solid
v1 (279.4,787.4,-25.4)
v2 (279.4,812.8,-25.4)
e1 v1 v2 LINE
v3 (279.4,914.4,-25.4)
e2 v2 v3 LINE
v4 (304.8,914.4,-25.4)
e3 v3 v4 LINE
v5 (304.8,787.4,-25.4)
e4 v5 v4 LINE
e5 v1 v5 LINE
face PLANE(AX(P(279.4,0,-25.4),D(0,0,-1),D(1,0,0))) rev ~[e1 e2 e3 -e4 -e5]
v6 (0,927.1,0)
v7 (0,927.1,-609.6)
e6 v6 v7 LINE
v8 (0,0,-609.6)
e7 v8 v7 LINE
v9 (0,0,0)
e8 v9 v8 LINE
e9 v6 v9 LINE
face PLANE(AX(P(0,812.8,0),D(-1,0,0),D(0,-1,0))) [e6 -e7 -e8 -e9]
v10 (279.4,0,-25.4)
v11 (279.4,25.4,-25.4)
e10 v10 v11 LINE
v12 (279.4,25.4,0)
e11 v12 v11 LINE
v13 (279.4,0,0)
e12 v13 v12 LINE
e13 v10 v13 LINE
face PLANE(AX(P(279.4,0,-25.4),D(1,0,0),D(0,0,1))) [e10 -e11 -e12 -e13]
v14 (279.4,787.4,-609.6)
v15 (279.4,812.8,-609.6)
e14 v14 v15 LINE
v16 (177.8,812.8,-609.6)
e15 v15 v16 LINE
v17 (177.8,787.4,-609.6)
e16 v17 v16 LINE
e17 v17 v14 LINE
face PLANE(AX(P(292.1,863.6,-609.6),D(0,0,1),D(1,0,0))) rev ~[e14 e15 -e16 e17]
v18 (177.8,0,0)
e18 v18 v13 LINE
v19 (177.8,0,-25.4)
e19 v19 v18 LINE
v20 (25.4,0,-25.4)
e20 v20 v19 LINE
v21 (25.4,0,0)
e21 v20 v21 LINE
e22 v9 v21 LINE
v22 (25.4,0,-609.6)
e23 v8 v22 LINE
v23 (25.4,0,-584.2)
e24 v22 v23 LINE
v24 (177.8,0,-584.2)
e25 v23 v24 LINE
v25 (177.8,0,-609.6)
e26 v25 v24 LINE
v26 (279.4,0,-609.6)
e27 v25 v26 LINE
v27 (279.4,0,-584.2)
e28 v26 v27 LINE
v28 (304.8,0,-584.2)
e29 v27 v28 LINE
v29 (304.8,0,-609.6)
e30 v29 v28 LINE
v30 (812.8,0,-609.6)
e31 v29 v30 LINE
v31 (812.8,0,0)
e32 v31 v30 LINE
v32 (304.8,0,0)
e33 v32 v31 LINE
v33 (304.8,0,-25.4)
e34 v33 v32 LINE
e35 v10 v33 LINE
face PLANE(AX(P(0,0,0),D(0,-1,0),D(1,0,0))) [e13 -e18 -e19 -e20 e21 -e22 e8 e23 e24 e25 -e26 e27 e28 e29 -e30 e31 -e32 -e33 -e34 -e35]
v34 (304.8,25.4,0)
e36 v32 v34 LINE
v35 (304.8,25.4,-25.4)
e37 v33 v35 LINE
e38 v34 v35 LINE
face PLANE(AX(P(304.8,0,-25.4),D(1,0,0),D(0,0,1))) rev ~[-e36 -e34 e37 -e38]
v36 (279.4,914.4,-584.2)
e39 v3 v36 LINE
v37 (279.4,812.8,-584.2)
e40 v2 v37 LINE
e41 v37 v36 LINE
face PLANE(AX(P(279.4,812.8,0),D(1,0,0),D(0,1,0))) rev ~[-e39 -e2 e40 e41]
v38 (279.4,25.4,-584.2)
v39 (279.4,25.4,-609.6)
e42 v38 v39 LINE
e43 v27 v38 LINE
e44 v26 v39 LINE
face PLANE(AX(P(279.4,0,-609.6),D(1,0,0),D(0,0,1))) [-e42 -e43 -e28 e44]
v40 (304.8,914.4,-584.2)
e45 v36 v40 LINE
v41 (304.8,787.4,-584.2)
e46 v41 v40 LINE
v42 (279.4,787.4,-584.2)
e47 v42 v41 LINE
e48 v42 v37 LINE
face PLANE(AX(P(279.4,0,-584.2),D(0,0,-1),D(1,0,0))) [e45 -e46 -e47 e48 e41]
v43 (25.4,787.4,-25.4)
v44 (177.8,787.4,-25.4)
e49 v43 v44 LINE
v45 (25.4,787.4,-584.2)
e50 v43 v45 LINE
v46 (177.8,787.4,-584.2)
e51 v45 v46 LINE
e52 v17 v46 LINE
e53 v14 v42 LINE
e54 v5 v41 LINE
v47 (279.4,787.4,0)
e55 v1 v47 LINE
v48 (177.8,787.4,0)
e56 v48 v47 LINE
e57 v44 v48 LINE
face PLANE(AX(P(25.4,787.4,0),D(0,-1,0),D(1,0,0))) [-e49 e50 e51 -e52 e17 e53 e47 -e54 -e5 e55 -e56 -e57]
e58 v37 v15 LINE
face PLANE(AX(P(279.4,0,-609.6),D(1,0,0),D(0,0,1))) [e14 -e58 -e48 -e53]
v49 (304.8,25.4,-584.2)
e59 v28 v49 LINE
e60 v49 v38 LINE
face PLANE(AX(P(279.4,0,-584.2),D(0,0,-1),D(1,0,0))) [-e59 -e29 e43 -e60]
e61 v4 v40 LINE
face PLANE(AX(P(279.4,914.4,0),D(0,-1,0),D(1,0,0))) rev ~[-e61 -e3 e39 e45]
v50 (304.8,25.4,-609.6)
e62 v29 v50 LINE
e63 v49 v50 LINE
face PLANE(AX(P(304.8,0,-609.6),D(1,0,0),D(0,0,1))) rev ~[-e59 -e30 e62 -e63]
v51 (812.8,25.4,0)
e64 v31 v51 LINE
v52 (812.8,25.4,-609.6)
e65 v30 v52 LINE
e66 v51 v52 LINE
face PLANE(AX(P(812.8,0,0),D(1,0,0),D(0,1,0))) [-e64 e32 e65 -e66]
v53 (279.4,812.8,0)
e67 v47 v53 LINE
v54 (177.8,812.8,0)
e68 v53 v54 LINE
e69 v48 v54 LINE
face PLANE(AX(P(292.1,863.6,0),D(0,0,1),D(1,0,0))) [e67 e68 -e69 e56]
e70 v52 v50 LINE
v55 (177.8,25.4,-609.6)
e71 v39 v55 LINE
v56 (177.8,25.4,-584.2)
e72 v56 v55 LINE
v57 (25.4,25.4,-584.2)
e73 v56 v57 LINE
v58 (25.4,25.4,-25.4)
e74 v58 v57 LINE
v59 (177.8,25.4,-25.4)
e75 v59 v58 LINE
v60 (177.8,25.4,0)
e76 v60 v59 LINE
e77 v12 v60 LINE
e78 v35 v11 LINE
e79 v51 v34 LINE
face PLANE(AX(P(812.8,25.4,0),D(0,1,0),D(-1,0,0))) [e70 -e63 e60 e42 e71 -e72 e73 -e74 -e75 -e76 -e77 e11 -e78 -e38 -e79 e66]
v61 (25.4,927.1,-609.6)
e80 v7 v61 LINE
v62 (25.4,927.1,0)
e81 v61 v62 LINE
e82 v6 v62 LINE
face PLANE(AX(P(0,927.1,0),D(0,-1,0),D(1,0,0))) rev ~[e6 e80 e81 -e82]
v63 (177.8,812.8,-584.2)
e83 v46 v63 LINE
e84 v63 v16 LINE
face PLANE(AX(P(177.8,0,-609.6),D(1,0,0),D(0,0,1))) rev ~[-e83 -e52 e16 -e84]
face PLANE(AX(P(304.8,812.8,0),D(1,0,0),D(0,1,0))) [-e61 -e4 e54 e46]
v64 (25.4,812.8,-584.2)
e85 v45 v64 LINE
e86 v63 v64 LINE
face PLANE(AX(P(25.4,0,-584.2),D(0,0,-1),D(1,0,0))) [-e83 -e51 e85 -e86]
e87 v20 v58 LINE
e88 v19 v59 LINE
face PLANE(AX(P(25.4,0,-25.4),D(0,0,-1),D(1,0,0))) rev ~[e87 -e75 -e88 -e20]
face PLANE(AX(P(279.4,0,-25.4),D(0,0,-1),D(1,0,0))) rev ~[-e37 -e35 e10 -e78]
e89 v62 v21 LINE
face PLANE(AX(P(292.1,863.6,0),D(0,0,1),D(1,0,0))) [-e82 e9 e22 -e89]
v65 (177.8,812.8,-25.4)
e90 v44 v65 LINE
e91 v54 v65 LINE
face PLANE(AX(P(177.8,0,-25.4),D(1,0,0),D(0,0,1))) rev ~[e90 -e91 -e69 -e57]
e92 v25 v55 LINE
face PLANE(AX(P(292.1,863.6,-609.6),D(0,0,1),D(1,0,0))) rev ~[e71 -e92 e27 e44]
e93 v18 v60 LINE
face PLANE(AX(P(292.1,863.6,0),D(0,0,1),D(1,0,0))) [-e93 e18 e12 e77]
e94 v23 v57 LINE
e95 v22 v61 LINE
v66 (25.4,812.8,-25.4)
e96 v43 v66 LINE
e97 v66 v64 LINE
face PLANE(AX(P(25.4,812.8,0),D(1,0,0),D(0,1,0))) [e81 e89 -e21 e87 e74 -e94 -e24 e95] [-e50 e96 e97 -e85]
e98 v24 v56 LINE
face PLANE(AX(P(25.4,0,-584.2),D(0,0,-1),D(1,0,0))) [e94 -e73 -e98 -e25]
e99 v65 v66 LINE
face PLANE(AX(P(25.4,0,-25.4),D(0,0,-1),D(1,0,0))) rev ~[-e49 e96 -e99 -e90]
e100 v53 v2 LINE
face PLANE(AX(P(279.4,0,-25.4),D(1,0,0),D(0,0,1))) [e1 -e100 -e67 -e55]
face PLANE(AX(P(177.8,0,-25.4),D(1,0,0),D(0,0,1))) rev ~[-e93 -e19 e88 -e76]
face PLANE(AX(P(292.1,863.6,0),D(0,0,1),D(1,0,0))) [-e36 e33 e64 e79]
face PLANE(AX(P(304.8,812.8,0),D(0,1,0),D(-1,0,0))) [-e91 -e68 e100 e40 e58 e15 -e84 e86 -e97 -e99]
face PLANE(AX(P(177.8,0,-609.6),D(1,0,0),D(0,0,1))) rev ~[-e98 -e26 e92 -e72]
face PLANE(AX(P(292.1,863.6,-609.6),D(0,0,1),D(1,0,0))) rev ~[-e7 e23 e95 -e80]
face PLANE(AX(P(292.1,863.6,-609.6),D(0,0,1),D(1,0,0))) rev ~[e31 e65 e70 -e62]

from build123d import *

# Parameters (mm, degrees)
F1_DEPTH = 609.6
F2_W     = 25.4
F2_H     = 101.6
F2_H_2   = 114.3
F3_DEPTH = 609.6
F4_W     = 152.4
F4_H     = 25.4
F4_W_2   = 25.4
F5_DEPTH = 2032


with BuildPart() as f1:
    # F0 (on Top) → F1 (new body)
    with BuildSketch(Plane.XY):
        Polygon((304.8, 812.8), (0, 812.8), (0, 0), (812.8, 0), (812.8, 25.4), (25.4, 25.4), (25.4, 787.4), (304.8, 787.4), align=None)
    extrude(amount=-F1_DEPTH)

    # F2 (on face) → F3 (join)
    with BuildSketch(Plane.XY):
        with Locations((292.1, 863.6)):
            Rectangle(F2_W, F2_H)
        with Locations((12.7, 869.95)):
            Rectangle(F2_W, F2_H_2)
    extrude(amount=-F3_DEPTH)

    # F4 (on Front) → F5 (cut)
    with BuildSketch(Plane.XZ):
        with Locations((101.6, -12.7)):
            Rectangle(F4_W, F4_H)
        with Locations((292.1, -12.7)):
            Rectangle(F4_W_2, F4_H)
        with Locations((101.6, -596.9)):
            Rectangle(F4_W, F4_H)
        with Locations((292.1, -596.9)):
            Rectangle(F4_W_2, F4_H)
    extrude(amount=-F5_DEPTH, mode=Mode.SUBTRACT)


solid = f1.part
